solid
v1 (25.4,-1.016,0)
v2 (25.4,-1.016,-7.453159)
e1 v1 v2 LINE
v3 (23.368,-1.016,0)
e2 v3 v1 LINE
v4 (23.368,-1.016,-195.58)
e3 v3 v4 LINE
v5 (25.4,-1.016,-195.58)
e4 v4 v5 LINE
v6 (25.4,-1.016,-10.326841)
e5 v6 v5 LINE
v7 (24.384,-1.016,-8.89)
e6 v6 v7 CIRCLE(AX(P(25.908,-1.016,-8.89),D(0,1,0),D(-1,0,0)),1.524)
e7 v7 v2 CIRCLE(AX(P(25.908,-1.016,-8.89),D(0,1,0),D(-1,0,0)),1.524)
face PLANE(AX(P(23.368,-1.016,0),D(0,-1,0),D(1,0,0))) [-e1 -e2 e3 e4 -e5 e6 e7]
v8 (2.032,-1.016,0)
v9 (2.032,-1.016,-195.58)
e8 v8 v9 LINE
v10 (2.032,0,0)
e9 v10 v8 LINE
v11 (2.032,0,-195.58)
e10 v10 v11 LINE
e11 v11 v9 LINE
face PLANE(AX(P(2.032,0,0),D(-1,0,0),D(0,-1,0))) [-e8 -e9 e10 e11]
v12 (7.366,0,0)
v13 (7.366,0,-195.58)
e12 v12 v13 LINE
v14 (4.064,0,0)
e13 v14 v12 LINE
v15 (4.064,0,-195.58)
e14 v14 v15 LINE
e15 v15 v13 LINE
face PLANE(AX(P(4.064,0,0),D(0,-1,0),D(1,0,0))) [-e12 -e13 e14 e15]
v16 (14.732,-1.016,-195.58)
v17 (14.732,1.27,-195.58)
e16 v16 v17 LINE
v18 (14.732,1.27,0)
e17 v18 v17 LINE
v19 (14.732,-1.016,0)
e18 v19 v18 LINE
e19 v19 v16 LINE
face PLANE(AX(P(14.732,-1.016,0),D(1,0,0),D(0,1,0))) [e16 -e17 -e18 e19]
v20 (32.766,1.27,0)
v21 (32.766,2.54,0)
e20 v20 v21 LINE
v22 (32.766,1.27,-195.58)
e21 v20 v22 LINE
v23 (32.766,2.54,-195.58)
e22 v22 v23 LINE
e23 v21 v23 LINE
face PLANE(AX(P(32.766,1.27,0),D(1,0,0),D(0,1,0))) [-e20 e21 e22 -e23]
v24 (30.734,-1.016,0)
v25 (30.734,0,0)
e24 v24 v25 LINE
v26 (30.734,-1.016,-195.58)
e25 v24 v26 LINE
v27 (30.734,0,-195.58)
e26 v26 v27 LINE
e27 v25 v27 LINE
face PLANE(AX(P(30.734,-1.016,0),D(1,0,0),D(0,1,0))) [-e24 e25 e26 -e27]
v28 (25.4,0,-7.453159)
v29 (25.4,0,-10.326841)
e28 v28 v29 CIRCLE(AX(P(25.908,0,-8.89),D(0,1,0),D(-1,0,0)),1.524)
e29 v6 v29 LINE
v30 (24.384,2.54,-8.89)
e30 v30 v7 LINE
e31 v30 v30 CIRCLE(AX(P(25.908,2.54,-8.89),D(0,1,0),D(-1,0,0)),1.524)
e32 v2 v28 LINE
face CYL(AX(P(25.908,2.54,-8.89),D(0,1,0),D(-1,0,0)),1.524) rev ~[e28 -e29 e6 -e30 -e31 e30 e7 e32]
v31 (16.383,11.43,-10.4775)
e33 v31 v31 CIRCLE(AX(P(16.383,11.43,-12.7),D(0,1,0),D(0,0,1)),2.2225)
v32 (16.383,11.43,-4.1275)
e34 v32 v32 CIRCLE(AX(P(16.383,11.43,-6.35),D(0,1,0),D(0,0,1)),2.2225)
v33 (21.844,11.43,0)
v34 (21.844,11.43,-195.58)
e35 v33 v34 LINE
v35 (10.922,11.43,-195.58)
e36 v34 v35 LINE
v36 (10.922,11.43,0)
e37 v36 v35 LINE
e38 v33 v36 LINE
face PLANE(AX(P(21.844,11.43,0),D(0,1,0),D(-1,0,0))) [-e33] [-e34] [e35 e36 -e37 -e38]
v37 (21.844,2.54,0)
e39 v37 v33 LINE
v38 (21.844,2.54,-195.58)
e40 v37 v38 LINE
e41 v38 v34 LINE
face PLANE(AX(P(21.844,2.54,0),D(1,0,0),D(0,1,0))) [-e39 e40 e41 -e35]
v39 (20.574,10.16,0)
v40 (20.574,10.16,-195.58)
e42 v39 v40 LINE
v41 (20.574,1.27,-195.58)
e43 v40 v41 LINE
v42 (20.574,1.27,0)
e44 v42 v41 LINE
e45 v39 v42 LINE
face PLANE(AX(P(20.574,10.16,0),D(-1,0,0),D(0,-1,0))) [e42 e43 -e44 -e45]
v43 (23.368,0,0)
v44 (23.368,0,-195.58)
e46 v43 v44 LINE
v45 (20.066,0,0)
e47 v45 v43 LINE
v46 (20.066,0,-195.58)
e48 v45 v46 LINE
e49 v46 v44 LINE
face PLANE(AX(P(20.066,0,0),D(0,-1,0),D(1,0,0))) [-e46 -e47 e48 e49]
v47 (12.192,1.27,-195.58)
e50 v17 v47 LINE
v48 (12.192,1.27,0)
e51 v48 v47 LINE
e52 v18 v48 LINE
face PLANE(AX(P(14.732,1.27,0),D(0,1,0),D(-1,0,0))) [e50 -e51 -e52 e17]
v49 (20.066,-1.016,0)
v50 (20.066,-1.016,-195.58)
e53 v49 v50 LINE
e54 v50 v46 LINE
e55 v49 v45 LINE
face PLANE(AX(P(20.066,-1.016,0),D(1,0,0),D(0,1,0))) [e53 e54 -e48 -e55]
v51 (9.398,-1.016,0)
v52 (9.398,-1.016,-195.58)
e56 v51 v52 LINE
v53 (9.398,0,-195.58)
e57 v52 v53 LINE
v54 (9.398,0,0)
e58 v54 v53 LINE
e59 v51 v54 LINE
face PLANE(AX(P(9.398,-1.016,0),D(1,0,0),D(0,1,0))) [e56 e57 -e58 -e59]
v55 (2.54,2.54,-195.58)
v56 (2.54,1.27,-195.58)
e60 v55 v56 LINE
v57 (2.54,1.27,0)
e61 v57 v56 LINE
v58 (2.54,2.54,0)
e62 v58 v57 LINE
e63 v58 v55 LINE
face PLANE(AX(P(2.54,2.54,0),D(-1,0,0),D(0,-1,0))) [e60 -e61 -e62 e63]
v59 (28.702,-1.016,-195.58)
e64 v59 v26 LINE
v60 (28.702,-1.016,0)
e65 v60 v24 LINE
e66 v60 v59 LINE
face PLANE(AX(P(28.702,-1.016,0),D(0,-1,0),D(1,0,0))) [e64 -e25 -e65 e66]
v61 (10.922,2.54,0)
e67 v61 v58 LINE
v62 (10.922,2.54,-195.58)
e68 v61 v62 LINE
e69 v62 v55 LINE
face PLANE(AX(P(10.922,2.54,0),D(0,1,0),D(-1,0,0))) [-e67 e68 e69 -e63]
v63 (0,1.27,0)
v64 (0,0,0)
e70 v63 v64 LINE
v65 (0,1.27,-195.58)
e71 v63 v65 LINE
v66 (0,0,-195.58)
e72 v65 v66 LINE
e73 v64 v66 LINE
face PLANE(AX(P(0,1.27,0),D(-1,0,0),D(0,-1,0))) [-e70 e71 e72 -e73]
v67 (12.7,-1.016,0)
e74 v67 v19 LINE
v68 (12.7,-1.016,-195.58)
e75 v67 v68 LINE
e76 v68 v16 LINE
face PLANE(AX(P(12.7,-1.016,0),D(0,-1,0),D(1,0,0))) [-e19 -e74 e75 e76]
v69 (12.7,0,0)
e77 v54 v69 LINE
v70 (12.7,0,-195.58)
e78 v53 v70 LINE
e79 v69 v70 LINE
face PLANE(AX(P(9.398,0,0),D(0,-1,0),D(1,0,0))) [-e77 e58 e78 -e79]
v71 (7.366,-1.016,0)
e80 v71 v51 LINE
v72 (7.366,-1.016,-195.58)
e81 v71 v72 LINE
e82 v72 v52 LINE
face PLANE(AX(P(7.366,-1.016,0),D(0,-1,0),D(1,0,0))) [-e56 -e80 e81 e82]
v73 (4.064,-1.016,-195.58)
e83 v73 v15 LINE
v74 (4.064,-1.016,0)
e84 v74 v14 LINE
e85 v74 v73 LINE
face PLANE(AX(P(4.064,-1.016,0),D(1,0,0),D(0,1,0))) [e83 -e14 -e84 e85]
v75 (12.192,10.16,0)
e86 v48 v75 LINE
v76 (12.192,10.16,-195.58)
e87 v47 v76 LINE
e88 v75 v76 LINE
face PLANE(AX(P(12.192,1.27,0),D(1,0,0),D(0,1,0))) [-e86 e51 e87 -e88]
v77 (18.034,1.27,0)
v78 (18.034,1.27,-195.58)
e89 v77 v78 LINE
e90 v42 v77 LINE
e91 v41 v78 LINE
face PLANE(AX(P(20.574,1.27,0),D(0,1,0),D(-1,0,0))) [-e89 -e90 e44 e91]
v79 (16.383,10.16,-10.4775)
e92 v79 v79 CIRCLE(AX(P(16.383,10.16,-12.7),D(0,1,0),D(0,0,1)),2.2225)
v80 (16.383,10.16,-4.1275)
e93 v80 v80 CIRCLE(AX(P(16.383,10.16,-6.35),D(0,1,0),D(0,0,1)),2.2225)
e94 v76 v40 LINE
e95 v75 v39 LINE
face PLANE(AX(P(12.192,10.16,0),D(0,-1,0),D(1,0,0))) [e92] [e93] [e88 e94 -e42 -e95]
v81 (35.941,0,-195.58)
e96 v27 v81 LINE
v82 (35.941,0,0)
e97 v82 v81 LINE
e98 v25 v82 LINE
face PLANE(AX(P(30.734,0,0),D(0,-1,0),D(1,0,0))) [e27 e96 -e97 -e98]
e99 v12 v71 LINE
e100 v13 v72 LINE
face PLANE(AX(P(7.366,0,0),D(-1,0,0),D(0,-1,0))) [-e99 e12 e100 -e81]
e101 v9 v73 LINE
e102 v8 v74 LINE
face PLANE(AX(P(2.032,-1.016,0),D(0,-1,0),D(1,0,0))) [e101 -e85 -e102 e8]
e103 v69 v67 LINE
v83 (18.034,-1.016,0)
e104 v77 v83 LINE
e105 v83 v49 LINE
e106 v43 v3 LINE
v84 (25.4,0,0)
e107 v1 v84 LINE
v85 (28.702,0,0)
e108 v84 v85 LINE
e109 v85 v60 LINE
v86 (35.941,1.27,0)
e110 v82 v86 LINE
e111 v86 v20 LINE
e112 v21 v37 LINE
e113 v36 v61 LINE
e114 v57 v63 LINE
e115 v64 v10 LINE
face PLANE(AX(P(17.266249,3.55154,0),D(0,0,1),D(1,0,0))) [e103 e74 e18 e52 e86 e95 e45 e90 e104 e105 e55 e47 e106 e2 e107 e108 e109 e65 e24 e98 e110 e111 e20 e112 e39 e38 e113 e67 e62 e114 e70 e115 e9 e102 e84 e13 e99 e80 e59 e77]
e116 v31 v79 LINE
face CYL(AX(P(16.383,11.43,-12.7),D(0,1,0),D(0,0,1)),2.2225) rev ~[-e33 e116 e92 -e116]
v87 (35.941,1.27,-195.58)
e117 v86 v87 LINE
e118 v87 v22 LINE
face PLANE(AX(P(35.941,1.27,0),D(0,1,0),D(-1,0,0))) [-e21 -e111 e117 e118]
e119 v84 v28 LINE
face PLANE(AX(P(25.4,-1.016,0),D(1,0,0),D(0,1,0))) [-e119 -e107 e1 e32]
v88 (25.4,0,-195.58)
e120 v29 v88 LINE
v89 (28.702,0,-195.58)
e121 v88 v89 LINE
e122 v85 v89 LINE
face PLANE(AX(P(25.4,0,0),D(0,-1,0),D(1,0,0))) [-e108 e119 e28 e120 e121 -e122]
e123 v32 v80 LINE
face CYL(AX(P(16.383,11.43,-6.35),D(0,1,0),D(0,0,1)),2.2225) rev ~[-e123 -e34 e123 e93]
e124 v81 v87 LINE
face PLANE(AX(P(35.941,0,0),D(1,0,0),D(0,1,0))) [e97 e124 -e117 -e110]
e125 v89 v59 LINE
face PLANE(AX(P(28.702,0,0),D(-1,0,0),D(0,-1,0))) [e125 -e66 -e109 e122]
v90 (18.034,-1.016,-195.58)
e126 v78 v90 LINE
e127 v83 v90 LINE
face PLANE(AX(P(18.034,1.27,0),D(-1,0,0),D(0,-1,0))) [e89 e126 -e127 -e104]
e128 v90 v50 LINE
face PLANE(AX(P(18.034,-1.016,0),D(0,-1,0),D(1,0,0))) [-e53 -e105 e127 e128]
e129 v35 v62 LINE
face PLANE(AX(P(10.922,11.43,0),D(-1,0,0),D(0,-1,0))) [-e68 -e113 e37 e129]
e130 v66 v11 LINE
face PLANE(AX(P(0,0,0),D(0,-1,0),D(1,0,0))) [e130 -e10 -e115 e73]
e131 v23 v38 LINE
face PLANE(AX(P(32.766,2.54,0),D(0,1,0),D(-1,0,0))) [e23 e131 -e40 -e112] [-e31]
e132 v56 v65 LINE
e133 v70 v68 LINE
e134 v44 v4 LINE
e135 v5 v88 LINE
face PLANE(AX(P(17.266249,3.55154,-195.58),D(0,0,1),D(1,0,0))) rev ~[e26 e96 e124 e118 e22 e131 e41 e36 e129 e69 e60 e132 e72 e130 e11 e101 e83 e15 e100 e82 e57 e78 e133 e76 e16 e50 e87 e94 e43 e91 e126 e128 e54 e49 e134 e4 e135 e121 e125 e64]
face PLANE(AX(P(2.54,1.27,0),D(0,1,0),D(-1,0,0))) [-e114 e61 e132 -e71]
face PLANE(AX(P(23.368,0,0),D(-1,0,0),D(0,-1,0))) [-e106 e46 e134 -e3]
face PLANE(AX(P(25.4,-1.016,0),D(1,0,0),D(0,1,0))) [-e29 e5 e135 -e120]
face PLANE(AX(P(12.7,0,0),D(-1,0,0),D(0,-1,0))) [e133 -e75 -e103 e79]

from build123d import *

# Parameters (mm, degrees)
BOSS_EXTRUDE1_DEPTH = 195.58
CUT_EXTRUDE1_REACH  = 201.244
SKETCH2_R           = 2.2225
SKETCH5_R           = 1.524
CUT_EXTRUDE4_DEPTH  = 200.053570631


with BuildPart() as part:
    # Sketch1 → Boss-Extrude1 (new body)
    with BuildSketch(Plane.XY):
        Polygon((0, 0), (2.032, 0), (2.032, -1.016), (4.064, -1.016), (4.064, 0), (7.366, 0), (7.366, -1.016), (9.398, -1.016), (9.398, 0), (12.7, 0), (12.7, -1.016), (14.732, -1.016), (14.732, 0), (14.732, 1.27), (12.192, 1.27), (12.192, 10.16), (20.574, 10.16), (20.574, 1.27), (18.034, 1.27), (18.034, 0), (18.034, -1.016), (20.066, -1.016), (20.066, 0), (23.368, 0), (23.368, -1.016), (25.4, -1.016), (25.4, 0), (28.702, 0), (28.702, -1.016), (30.734, -1.016), (30.734, 0), (32.766, 0), (35.941, 0), (35.941, 1.27), (32.766, 1.27), (32.766, 2.54), (30.226, 2.54), (21.844, 2.54), (21.844, 11.43), (10.922, 11.43), (10.922, 2.54), (2.54, 2.54), (2.54, 1.27), (0, 1.27), align=None)
    extrude(amount=-BOSS_EXTRUDE1_DEPTH)

    # Sketch2 → Cut-Extrude1 (cut, up to next)
    with BuildSketch(Plane(origin=(0, 11.43, 0), x_dir=(1, 0, 0), z_dir=(0, 1, 0)), mode=Mode.PRIVATE) as cut_extrude1_sk1:
        with Locations(Location((16.383, 6.35, 0), (0, 0, 270))):
            Circle(SKETCH2_R)
    cut_extrude1_tool1 = extrude(cut_extrude1_sk1.sketch, amount=-CUT_EXTRUDE1_REACH, mode=Mode.PRIVATE) & part.part
    # Sketch2 → Cut-Extrude1 (cut, up to next)
    with BuildSketch(Plane(origin=(0, 11.43, 0), x_dir=(1, 0, 0), z_dir=(0, 1, 0)), mode=Mode.PRIVATE) as cut_extrude1_sk2:
        with Locations(Location((16.383, 12.7, 0), (0, 0, 270))):
            Circle(SKETCH2_R)
    cut_extrude1_tool2 = extrude(cut_extrude1_sk2.sketch, amount=-CUT_EXTRUDE1_REACH, mode=Mode.PRIVATE) & part.part
    add(cut_extrude1_tool1.solids().sort_by_distance((16.383, 11.43, -6.35))[0], mode=Mode.SUBTRACT)
    add(cut_extrude1_tool2.solids().sort_by_distance((16.383, 11.43, -12.7))[0], mode=Mode.SUBTRACT)

    # Sketch5 → Cut-Extrude4 (cut, through all)
    with BuildSketch(Plane(origin=(0, 2.54, 0), x_dir=(1, 0, 0), z_dir=(0, 1, 0))):
        with Locations(Location((25.908, 8.89, 0), (0, 0, 180))):
            Circle(SKETCH5_R)
    extrude(amount=-CUT_EXTRUDE4_DEPTH, mode=Mode.SUBTRACT)


solid = part.part
